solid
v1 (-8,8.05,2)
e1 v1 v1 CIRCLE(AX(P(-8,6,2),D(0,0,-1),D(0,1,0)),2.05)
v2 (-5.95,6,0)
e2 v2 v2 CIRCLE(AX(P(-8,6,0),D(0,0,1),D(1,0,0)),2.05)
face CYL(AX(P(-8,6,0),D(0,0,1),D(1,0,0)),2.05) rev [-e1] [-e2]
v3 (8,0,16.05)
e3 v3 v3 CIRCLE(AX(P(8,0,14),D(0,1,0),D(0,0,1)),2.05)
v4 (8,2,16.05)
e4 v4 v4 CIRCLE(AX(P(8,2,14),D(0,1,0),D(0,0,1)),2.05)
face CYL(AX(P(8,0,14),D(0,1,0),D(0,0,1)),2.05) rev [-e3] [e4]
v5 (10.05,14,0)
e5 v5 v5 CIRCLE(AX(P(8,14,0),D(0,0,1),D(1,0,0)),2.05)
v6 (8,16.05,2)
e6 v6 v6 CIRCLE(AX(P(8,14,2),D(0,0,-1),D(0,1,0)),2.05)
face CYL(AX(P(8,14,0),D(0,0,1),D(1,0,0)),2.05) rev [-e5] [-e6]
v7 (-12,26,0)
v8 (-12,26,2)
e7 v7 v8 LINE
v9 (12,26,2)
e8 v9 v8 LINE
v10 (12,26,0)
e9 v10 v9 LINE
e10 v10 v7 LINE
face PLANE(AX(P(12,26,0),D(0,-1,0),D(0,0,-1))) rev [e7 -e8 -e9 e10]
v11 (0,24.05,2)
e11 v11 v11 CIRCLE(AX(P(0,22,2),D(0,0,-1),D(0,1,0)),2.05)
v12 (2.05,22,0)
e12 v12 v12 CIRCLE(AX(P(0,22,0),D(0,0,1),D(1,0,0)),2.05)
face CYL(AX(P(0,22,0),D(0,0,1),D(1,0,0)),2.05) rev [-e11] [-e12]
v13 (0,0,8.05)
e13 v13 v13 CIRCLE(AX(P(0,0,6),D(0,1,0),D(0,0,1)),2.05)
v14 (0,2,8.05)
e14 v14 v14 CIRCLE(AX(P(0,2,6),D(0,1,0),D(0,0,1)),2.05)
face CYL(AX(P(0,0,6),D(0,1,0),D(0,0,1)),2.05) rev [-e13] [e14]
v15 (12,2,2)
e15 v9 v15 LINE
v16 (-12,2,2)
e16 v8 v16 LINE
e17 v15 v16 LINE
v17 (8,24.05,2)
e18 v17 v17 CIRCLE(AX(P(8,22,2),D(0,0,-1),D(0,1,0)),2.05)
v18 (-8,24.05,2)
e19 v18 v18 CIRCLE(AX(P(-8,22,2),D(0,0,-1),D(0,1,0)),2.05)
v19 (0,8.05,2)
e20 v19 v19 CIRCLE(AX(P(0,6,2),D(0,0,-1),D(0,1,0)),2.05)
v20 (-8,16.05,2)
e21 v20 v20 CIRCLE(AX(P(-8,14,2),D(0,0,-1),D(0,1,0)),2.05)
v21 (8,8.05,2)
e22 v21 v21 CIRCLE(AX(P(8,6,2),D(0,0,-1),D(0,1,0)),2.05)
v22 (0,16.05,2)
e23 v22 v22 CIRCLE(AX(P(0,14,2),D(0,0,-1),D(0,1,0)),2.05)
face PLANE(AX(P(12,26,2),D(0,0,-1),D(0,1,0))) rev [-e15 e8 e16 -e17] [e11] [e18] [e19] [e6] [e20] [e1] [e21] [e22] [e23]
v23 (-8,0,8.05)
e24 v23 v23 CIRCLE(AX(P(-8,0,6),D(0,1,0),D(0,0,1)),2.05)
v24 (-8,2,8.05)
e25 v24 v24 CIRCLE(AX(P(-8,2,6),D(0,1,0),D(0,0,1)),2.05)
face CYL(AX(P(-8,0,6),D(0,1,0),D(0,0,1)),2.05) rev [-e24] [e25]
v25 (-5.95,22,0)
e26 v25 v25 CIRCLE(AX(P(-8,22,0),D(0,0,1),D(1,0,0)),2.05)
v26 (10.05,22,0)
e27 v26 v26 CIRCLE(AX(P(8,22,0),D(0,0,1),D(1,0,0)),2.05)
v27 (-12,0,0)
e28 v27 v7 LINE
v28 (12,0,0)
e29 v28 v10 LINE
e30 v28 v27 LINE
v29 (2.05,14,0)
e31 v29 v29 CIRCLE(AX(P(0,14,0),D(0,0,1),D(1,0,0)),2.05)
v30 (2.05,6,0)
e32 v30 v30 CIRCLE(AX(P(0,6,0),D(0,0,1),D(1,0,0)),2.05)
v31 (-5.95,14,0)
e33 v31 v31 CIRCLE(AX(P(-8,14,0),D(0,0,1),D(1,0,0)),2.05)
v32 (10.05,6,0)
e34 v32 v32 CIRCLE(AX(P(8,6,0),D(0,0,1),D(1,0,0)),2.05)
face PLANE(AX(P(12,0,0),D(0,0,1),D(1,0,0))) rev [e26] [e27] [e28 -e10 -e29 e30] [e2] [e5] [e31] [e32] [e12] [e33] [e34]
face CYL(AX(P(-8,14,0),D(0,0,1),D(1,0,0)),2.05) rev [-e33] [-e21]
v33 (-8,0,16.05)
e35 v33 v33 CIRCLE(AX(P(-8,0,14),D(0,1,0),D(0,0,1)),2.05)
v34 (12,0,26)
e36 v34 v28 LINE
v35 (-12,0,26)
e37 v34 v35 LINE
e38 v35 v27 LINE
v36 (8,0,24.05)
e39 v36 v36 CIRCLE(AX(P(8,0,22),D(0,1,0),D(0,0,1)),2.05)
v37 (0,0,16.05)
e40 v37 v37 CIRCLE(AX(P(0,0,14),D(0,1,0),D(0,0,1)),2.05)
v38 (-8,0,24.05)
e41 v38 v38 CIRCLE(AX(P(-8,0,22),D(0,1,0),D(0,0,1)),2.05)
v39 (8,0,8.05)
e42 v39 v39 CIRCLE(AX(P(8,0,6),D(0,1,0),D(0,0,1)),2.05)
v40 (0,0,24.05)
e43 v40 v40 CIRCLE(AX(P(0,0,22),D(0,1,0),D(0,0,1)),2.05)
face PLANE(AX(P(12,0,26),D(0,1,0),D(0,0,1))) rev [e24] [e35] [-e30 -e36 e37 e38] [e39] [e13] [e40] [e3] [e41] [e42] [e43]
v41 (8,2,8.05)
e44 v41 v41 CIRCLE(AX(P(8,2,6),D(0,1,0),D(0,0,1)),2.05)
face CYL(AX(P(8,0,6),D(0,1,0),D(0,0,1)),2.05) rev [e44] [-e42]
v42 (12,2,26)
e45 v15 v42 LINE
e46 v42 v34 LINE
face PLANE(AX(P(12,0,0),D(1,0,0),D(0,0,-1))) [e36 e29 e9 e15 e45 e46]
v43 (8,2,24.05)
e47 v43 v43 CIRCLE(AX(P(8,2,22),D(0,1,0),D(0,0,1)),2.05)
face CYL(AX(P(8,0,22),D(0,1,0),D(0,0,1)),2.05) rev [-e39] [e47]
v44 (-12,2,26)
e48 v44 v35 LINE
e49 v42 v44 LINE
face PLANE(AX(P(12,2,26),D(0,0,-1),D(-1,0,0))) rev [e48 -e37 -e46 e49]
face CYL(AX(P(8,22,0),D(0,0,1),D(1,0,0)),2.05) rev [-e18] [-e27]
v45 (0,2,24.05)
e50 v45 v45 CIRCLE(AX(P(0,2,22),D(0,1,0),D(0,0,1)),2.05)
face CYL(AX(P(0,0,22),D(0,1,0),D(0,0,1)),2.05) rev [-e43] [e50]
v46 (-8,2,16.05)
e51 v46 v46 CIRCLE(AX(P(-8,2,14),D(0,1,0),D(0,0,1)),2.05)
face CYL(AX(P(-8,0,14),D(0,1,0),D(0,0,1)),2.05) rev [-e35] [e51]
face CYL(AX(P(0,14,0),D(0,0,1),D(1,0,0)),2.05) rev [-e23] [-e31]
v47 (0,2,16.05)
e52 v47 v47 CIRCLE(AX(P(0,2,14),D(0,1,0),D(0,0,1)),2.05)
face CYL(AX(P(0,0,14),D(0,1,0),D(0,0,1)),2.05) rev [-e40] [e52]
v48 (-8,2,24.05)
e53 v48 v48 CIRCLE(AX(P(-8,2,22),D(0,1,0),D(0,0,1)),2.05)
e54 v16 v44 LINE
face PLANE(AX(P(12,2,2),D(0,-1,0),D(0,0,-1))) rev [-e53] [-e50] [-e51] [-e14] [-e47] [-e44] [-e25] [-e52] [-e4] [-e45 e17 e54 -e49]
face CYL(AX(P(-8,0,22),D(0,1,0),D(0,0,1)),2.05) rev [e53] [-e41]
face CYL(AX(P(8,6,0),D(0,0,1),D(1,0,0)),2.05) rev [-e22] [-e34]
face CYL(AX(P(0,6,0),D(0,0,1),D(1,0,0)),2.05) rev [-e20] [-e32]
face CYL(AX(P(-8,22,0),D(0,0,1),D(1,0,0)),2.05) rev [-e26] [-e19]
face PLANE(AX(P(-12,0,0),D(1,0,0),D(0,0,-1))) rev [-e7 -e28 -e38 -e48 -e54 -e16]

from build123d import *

# Parameters (mm, degrees)
BOSS_EXTRUDE1_DEPTH     = 12
SKETCH3_R               = 2.05
CUT_EXTRUDE1_DEPTH      = 25
CUT_EXTRUDE1_DEPTH_BACK = 3
SKETCH4_R               = 2.05
CUT_EXTRUDE2_DEPTH      = 3


with BuildPart() as part:
    # Sketch1 → Boss-Extrude1 (new body, symmetric)
    with BuildSketch(Plane(origin=(0, 0, 0), x_dir=(0, 0, -1), z_dir=(1, 0, 0))):
        Polygon((0, 0), (0, 26), (-2, 26), (-2, 2), (-26, 2), (-26, 0), align=None)
    extrude(amount=BOSS_EXTRUDE1_DEPTH, both=True)

    # Sketch3 → Cut-Extrude1 (cut, two sides)
    with BuildSketch(Plane.XY.offset(2)) as cut_extrude1_sk:
        with Locations((-8, 22)):
            Circle(SKETCH3_R)
        with Locations((0, 22)):
            Circle(SKETCH3_R)
        with Locations((8, 22)):
            Circle(SKETCH3_R)
        with Locations((0, 14)):
            Circle(SKETCH3_R)
        with Locations((8, 14)):
            Circle(SKETCH3_R)
        with Locations((0, 6)):
            Circle(SKETCH3_R)
        with Locations((8, 6)):
            Circle(SKETCH3_R)
        with Locations((-8, 14)):
            Circle(SKETCH3_R)
        with Locations((-8, 6)):
            Circle(SKETCH3_R)
    extrude(amount=CUT_EXTRUDE1_DEPTH, mode=Mode.SUBTRACT)
    extrude(cut_extrude1_sk.sketch, amount=-CUT_EXTRUDE1_DEPTH_BACK, mode=Mode.SUBTRACT)

    # Sketch4 → Cut-Extrude2 (cut, through all)
    with BuildSketch(Plane(origin=(0, 2, 0), x_dir=(1, 0, 0), z_dir=(0, 1, 0))):
        with Locations((-8, -22)):
            Circle(SKETCH4_R)
        with Locations((0, -22)):
            Circle(SKETCH4_R)
        with Locations((8, -22)):
            Circle(SKETCH4_R)
        with Locations((0, -14)):
            Circle(SKETCH4_R)
        with Locations((8, -14)):
            Circle(SKETCH4_R)
        with Locations((0, -6)):
            Circle(SKETCH4_R)
        with Locations((8, -6)):
            Circle(SKETCH4_R)
        with Locations((-8, -14)):
            Circle(SKETCH4_R)
        with Locations((-8, -6)):
            Circle(SKETCH4_R)
    extrude(amount=-CUT_EXTRUDE2_DEPTH, mode=Mode.SUBTRACT)


solid = part.part
